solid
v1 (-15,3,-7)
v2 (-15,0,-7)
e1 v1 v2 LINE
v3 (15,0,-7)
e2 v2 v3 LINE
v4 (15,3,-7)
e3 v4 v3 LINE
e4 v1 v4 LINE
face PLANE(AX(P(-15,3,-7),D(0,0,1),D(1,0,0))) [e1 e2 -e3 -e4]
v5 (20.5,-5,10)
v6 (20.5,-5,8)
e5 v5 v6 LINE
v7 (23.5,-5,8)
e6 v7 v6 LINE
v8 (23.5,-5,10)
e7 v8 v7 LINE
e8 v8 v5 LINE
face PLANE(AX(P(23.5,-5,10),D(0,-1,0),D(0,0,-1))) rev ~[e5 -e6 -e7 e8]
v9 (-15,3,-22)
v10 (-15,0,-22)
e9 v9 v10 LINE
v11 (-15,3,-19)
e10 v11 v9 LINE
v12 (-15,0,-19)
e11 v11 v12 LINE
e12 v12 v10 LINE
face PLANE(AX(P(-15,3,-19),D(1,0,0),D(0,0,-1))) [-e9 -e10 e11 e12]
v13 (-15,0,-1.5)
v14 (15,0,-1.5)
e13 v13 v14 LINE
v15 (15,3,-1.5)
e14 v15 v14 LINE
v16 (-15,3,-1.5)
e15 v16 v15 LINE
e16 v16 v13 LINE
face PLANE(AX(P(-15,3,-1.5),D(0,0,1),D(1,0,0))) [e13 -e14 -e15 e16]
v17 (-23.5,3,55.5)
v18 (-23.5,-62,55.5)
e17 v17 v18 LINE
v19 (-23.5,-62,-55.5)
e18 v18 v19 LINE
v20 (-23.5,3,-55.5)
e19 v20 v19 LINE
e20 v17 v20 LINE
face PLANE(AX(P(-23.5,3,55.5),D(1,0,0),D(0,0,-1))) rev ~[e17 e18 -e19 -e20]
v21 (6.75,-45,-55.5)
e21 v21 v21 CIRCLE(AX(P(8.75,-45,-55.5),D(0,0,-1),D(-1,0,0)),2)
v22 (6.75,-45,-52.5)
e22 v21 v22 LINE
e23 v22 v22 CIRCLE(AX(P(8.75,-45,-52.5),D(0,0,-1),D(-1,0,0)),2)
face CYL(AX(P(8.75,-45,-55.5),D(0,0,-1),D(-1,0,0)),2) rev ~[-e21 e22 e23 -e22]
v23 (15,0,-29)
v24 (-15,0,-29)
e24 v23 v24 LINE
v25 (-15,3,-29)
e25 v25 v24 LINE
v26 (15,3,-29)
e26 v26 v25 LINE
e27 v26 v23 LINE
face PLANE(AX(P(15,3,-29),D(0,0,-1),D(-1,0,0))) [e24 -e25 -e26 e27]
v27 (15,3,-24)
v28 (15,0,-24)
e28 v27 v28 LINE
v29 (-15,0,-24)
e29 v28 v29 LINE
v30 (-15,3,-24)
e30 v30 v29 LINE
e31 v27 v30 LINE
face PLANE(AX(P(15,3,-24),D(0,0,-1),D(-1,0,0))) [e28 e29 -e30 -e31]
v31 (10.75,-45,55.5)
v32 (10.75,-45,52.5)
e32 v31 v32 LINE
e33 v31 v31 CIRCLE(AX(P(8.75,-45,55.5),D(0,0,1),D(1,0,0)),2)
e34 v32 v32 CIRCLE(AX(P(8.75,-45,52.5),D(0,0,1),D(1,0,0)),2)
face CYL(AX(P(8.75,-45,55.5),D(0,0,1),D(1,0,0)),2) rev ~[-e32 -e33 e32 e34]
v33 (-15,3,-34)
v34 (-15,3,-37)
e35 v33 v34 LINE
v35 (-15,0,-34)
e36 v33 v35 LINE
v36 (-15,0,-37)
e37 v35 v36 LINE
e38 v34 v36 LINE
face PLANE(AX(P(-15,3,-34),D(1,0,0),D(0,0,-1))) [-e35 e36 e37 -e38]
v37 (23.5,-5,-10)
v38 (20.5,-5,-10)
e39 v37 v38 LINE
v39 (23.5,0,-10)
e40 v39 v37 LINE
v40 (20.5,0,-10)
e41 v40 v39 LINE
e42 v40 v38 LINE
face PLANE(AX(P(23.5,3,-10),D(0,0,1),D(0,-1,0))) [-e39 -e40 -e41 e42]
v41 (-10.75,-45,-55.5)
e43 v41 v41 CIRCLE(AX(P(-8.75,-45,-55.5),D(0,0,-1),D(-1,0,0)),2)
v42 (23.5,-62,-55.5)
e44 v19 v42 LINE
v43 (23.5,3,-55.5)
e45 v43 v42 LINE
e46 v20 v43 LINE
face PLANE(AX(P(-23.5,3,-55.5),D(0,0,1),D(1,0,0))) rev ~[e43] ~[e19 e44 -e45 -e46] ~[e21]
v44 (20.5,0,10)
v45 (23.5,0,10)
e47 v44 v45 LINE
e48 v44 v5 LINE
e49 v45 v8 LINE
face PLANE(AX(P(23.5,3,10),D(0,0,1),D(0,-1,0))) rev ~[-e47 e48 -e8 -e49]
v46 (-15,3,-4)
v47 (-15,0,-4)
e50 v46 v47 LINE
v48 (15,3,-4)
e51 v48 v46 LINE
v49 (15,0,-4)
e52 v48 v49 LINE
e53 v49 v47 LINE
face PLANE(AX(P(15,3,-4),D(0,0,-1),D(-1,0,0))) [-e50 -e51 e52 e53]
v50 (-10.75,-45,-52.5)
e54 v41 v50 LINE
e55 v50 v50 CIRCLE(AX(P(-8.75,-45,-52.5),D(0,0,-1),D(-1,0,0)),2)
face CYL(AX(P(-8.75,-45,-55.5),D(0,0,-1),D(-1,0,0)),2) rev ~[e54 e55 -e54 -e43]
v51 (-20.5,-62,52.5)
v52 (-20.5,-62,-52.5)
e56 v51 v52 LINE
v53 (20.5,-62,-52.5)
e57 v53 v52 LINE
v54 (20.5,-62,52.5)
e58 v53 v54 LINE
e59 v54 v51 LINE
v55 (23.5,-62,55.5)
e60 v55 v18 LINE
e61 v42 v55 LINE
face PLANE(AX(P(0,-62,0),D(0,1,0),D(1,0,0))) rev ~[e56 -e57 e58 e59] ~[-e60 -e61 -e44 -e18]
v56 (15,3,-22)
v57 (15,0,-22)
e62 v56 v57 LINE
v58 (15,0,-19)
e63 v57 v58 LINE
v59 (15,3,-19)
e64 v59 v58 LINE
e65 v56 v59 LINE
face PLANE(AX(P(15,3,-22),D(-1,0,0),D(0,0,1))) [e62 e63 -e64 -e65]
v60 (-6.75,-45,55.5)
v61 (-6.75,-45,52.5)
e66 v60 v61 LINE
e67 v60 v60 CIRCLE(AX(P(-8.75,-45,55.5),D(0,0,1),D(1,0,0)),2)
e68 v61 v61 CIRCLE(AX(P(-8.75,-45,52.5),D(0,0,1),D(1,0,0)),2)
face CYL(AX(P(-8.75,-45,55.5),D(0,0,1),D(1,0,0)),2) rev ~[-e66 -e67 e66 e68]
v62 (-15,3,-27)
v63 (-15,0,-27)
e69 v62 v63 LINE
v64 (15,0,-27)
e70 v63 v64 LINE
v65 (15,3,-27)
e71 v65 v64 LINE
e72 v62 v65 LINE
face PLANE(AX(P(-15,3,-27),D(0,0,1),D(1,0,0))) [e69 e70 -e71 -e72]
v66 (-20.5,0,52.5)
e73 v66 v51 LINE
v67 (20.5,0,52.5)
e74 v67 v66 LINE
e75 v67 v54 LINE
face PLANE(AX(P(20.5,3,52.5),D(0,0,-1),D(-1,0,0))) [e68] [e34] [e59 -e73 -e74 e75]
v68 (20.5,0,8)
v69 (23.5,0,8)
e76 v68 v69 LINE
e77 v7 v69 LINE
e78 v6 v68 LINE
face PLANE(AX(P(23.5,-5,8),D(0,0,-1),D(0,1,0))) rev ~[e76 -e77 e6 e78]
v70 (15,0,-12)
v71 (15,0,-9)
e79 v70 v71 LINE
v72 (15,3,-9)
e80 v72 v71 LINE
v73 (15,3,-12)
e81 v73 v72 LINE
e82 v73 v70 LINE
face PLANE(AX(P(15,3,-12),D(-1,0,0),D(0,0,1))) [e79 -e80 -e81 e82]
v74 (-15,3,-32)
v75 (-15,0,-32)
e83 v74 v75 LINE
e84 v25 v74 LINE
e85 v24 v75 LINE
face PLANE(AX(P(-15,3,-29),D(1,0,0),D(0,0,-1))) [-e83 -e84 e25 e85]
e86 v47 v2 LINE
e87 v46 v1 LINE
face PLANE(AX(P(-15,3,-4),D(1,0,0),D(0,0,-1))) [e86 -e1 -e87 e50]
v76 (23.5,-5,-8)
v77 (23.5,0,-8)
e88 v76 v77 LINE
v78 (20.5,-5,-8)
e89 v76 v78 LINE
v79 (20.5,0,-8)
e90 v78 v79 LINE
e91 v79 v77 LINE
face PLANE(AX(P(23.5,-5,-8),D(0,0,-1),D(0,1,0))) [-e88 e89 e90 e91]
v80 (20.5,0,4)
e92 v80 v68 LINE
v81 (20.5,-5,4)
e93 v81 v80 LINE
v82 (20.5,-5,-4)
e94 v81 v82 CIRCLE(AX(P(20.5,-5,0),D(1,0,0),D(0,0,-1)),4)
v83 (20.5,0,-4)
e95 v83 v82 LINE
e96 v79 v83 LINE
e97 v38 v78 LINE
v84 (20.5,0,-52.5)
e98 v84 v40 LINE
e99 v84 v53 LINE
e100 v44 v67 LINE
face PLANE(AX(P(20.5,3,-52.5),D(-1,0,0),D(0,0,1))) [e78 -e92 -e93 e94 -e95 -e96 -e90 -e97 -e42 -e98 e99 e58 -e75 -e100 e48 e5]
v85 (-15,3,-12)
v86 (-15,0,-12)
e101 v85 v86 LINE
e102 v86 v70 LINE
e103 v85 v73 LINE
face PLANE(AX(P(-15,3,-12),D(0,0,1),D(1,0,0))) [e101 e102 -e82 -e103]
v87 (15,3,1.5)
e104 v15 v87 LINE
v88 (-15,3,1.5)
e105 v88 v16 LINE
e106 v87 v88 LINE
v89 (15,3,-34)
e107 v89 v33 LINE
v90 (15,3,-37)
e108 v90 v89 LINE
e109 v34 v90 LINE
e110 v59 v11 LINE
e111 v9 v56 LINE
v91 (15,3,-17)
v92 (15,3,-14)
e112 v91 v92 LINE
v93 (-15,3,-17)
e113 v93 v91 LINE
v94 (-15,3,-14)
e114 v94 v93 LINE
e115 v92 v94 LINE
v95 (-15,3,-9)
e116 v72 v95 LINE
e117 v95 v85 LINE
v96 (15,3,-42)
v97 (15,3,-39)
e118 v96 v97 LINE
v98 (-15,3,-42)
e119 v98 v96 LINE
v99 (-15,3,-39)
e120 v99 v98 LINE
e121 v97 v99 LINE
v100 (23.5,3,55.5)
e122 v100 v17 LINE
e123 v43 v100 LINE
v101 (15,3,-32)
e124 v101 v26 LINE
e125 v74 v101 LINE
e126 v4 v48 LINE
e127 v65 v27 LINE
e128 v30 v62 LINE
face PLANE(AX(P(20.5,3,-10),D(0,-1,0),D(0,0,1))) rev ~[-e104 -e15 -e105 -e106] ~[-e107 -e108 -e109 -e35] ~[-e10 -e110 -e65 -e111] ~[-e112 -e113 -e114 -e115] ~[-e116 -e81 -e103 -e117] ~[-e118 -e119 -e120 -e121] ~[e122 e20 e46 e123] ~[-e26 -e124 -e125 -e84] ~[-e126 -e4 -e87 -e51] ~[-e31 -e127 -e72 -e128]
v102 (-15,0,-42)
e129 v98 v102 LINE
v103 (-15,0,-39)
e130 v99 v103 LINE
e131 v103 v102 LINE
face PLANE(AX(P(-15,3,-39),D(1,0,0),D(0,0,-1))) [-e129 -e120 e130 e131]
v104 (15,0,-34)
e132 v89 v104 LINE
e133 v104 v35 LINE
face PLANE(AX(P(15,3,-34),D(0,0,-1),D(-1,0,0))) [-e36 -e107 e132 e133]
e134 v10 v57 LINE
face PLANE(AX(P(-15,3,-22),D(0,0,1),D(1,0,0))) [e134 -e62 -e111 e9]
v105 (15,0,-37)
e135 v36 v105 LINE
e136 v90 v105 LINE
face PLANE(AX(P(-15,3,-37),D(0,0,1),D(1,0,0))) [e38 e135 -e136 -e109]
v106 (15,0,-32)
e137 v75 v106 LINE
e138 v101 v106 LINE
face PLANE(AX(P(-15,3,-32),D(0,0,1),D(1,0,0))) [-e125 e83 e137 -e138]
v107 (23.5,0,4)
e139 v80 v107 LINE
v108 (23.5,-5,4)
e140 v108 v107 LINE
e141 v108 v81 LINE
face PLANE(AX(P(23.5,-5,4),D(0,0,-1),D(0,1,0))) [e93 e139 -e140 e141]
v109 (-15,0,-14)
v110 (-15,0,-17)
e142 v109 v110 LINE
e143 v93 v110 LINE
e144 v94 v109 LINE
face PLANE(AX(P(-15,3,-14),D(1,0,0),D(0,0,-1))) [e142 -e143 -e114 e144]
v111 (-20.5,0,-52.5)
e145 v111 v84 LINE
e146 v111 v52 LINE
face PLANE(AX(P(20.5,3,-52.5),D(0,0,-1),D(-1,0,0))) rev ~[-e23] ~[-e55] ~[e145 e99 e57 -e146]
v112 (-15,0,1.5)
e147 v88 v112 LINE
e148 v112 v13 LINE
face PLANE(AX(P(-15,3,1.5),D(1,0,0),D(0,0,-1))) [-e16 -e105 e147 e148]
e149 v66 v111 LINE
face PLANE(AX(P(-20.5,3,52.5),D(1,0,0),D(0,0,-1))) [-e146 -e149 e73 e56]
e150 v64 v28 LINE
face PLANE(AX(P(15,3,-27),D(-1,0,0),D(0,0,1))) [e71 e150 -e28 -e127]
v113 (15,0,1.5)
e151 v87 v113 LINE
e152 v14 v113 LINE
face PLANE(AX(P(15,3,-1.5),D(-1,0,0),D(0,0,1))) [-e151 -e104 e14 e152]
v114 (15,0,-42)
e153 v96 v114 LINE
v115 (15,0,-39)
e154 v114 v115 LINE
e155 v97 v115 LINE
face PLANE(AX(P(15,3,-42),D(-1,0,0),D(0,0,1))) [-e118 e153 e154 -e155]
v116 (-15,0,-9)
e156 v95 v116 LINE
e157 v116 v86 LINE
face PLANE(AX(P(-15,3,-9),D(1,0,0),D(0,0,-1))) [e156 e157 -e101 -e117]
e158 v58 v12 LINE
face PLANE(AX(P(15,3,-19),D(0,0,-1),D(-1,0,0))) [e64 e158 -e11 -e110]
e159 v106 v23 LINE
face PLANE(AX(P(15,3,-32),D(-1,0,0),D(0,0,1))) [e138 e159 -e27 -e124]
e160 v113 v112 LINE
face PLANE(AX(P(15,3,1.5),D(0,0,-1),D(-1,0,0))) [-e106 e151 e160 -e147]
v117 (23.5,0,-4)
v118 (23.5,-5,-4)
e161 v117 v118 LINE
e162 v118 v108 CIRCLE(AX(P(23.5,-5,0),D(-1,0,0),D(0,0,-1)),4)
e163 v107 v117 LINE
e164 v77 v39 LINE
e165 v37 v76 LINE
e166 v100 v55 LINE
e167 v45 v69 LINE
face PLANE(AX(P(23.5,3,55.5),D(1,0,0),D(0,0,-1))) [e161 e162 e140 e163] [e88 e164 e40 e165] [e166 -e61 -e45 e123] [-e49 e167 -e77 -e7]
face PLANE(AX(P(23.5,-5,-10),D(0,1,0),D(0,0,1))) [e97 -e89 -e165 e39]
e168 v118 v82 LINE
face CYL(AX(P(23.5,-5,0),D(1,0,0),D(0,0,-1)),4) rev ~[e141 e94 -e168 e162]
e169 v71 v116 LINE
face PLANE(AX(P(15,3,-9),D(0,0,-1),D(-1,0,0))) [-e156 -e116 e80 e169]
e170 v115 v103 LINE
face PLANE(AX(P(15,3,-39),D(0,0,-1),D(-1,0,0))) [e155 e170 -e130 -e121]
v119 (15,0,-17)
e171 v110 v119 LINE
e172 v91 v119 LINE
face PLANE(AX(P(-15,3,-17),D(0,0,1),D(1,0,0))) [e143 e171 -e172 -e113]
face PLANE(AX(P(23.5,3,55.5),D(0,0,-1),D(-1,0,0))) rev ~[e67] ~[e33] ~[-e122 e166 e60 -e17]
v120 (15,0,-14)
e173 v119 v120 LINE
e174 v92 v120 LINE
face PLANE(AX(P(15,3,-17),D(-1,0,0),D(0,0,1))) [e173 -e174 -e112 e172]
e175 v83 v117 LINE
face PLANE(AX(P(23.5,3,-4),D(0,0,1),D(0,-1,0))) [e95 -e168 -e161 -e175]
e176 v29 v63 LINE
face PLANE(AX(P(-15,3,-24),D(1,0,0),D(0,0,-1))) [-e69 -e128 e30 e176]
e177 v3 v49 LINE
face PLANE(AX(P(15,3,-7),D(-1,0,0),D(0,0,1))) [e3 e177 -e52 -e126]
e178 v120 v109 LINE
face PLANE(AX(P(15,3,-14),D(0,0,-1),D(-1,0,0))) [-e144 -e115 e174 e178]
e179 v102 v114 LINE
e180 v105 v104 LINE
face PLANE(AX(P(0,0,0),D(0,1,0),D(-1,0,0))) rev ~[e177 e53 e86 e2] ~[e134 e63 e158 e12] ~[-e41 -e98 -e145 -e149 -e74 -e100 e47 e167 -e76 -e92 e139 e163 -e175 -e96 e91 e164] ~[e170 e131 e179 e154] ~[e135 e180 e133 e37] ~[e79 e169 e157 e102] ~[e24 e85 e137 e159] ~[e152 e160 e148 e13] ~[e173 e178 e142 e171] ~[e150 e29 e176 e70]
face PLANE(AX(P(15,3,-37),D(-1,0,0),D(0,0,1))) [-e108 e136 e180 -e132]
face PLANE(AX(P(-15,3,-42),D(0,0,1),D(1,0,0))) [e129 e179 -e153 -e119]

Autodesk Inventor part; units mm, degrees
ref_plane "YZ Plane" through (0, 0, 0) normal (1, 0, 0) x (0, 1, 0)
ref_plane "XZ Plane" through (0, 0, 0) normal (0, 1, 0) x (-1, 0, 0)
ref_plane "XY Plane" through (0, 0, 0) normal (0, 0, 1) x (1, 0, 0)
sketch "Sketch1" plane through (0, 0, 0) normal (0, 1, 0) x (-1, 0, 0)
  line L0 (-20.5, 52.5) -> (20.5, 52.5)
  line L1 (20.5, 52.5) -> (20.5, -52.5)
  line L2 (20.5, -52.5) -> (-20.5, -52.5)
  line L3 (-20.5, -52.5) -> (-20.5, 52.5)
  line L4 (-20.5, 52.5) -> (20.5, -52.5) construction
  line L5 (20.5, 52.5) -> (-20.5, -52.5) construction
  line L6 (-23.5, 55.5) -> (23.5, 55.5)
  line L7 (23.5, 55.5) -> (23.5, -55.5)
  line L8 (23.5, -55.5) -> (-23.5, -55.5)
  line L9 (-23.5, -55.5) -> (-23.5, 55.5)
  line L10 (-23.5, 55.5) -> (23.5, -55.5) construction
  line L11 (23.5, 55.5) -> (-23.5, -55.5) construction
  point P0 (0, 0)
  dimension "d0" = 41
  dimension "d1" = 105
  dimension "d4" = 47
  dimension "d5" = 111
extrude "Extrusion1" add sketch "Sketch1" along normal blind 3 contours L0 L1 L2 L3
sketch "Sketch3" plane through (0, 3, 0) normal (0, 1, 0) x (1, 0, 0)
  line L0 (23.5, -55.5) -> (-23.5, -55.5)
  line L1 (-23.5, -55.5) -> (-23.5, 55.5)
  line L2 (-23.5, 55.5) -> (23.5, 55.5)
  line L3 (23.5, 55.5) -> (23.5, -55.5)
  line L4 (23.5, -55.5) -> (-23.5, 55.5) construction
  line L5 (-23.5, -55.5) -> (23.5, 55.5) construction
  line L6 (20.5, 52.5) -> (-20.5, 52.5) projected
  line L7 (20.5, -52.5) -> (-20.5, -52.5)
  line L8 (-20.5, -52.5) -> (-20.5, 52.5)
  line L9 (-20.5, 52.5) -> (20.5, 52.5)
  line L10 (20.5, 52.5) -> (20.5, -52.5)
  line L11 (20.5, -52.5) -> (-20.5, 52.5) construction
  line L12 (-20.5, -52.5) -> (20.5, 52.5) construction
  point P0 (0, 0)
  dimension "d6" = 47
  dimension "d7" = 111
extrude "Extrusion3" add sketch "Sketch3" against normal blind 65
sketch "Sketch4" plane through (23.5, 3, -55.5) normal (0, 0, -1) x (-1, 0, 0)
  line L0 (0, 0) -> (23.5, 0) construction
  line L1 (23.5, 0) -> (23.5, -48) construction
  line L2 (23.5, -48) -> (14.75, -48) construction
  line L3 (23.5, -48) -> (32.25, -48) construction
  circle A0 centre (14.75, -48) radius 2
  circle A1 centre (32.25, -48) radius 2
  point P0 (23.5, -3)
  dimension "d12" = 23.5
  dimension "d13" = 48
  dimension "d14" = 8.75
  dimension "d15" = 8.75
  dimension "d16" = 4
  dimension "d17" = 4
extrude "Extrusion4" cut sketch "Sketch4" against normal blind 3
sketch "Sketch5" plane through (-23.5, 3, 55.5) normal (0, 0, 1) x (1, 0, 0)
  line L0 (47, 0) -> (47, -65) construction
  line L1 (47, 0) -> (23.5, 0) construction
  line L2 (0, 0) -> (47, 0) construction
  line L3 (23.5, 0) -> (23.5, -48) construction
  line L4 (23.5, 0) -> (71.5, 0) construction
  circle A0 centre (32.25, -48) radius 2 projected
  line L5 (23.5, -48) -> (32.25, -48) construction
  circle A1 centre (14.75, -48) radius 2 projected
  line L6 (23.5, -48) -> (14.75, -48) construction
  circle A2 centre (32.25, -48) radius 2 construction
  circle A3 centre (14.75, -48) radius 2 construction
  point P0 (23.5, -3)
  dimension "d20" = 23.5
  dimension "d21" = 48
  dimension "d22" = 90
extrude "Extrusion5" cut sketch "Sketch5" against normal blind 3
sketch "Sketch6" plane through (23.5, 3, 55.5) normal (1, 0, 0) x (0, 0, -1)
  line L0 (111, 0) -> (111, -65) construction
  line L1 (111, 0) -> (55.5, 0) construction
  line L2 (111, 0) -> (0, 0) construction
  line L3 (55.5, 0) -> (51.5, 0) construction
  line L4 (51.5, 0) -> (59.5, 0)
  line L5 (59.5, 0) -> (59.5, -8)
  line L6 (59.5, -8) -> (51.5, -8)
  line L7 (51.5, -8) -> (51.5, 0)
  line L8 (51.5, 0) -> (47.5, 0)
  line L9 (47.5, 0) -> (45.5, 0)
  line L10 (45.5, 0) -> (45.5, -8)
  line L11 (45.5, -8) -> (47.5, -8)
  line L12 (47.5, -8) -> (47.5, 0)
  line L13 (59.5, 0) -> (63.5, 0)
  line L14 (63.5, 0) -> (65.5, 0)
  line L15 (65.5, 0) -> (65.5, -8)
  line L16 (65.5, -8) -> (63.5, -8)
  line L17 (63.5, -8) -> (63.5, 0)
  point P0 (55.5, -3)
  dimension "d25" = 55.5
  dimension "d26" = 4
  dimension "d27" = 8
  dimension "d28" = 8
  dimension "d29" = 4
  dimension "d30" = 2
  dimension "d31" = 4
  dimension "d32" = 2
  dimension "d33" = 8
extrude "Extrusion6" cut sketch "Sketch6" against normal blind 3
sketch "Sketch7" plane through (20.5, 3, 55.5) normal (1, 0, 0) x (0, 0, -1)
  point P0 (55.5, -3)
sketch "Sketch8" plane through (20.5, 3, 55.5) normal (1, 0, 0) x (0, 0, -1)
  line L0 (65.5, 0) -> (65.5, -3) projected
  line L1 (63.5, -3) -> (59.5, -3) projected
  line L2 (65.5, 0) -> (63.5, 0)
  line L3 (63.5, 0) -> (63.5, -3)
  line L4 (63.5, -3) -> (65.5, -3)
  line L5 (65.5, -3) -> (65.5, 0)
  line L6 (51.5, 0) -> (59.5, 0) projected
  line L7 (51.5, -3) -> (51.5, 0) projected
  line L8 (59.5, 0) -> (51.5, 0)
  line L9 (51.5, 0) -> (51.5, -3)
  line L10 (51.5, -3) -> (59.5, -3)
  line L11 (59.5, -3) -> (59.5, 0)
  line L12 (51.5, 0) -> (47.5, 0) projected
  line L13 (45.5, -8) -> (45.5, 0) projected
  line L14 (47.5, 0) -> (45.5, 0)
  line L15 (45.5, 0) -> (45.5, -3)
  line L16 (45.5, -3) -> (47.5, -3)
  line L17 (47.5, -3) -> (47.5, 0)
  point P0 (55.5, -3)
extrude "Extrusion7" add sketch "Sketch8" along normal blind 3
sketch "Sketch9" plane through (23.5, 3, 55.5) normal (1, 0, 0) x (0, 0, -1)
  line L0 (59.5, -8) -> (51.5, -8) projected
  circle A0 centre (55.5, -8) radius 4
  point P0 (55.5, -3)
  dimension "d38" = 8
extrude "Extrusion8" cut sketch "Sketch9" against normal blind 3
sketch "Sketch10" plane through (0, 3, 0) normal (0, 1, 0) x (1, 0, 0)
  line L0 (-23.5, 55.5) -> (23.5, 55.5) projected
  line L1 (0, 55.5) -> (0, 40.5) construction
  line L2 (0, 40.5) -> (0, 35.5) construction
  line L3 (0, 35.5) -> (0, 30.5) construction
  line L4 (0, 30.5) -> (0, 25.5) construction
  line L5 (0, 25.5) -> (0, 20.5) construction
  line L6 (0, 20.5) -> (0, 15.5) construction
  line L7 (0, 15.5) -> (0, 10.5) construction
  line L8 (0, 10.5) -> (0, 5.5) construction
  line L9 (0, 5.5) -> (0, 0.5) construction
  line L10 (-15, 1.5) -> (15, 1.5)
  line L11 (15, 1.5) -> (15, -1.5)
  line L12 (15, -1.5) -> (-15, -1.5)
  line L13 (-15, -1.5) -> (-15, 1.5)
  line L14 (-15, 1.5) -> (15, -1.5) construction
  line L15 (15, 1.5) -> (-15, -1.5) construction
  line L16 (-15, 7) -> (15, 7)
  line L17 (15, 7) -> (15, 4)
  line L18 (15, 4) -> (-15, 4)
  line L19 (-15, 4) -> (-15, 7)
  line L20 (-15, 7) -> (15, 4) construction
  line L21 (15, 7) -> (-15, 4) construction
  line L22 (-15, 12) -> (15, 12)
  line L23 (15, 12) -> (15, 9)
  line L24 (15, 9) -> (-15, 9)
  line L25 (-15, 9) -> (-15, 12)
  line L26 (-15, 12) -> (15, 9) construction
  line L27 (15, 12) -> (-15, 9) construction
  line L28 (-15, 17) -> (15, 17)
  line L29 (15, 17) -> (15, 14)
  line L30 (15, 14) -> (-15, 14)
  line L31 (-15, 14) -> (-15, 17)
  line L32 (-15, 17) -> (15, 14) construction
  line L33 (15, 17) -> (-15, 14) construction
  line L34 (-15, 22) -> (15, 22)
  line L35 (15, 22) -> (15, 19)
  line L36 (15, 19) -> (-15, 19)
  line L37 (-15, 19) -> (-15, 22)
  line L38 (-15, 22) -> (15, 19) construction
  line L39 (15, 22) -> (-15, 19) construction
  line L40 (-15, 27) -> (15, 27)
  line L41 (15, 27) -> (15, 24)
  line L42 (15, 24) -> (-15, 24)
  line L43 (-15, 24) -> (-15, 27)
  line L44 (-15, 27) -> (15, 24) construction
  line L45 (15, 27) -> (-15, 24) construction
  line L46 (-15, 32) -> (15, 32)
  line L47 (15, 32) -> (15, 29)
  line L48 (15, 29) -> (-15, 29)
  line L49 (-15, 29) -> (-15, 32)
  line L50 (-15, 32) -> (15, 29) construction
  line L51 (15, 32) -> (-15, 29) construction
  line L52 (-15, 37) -> (15, 37)
  line L53 (15, 37) -> (15, 34)
  line L54 (15, 34) -> (-15, 34)
  line L55 (-15, 34) -> (-15, 37)
  line L56 (-15, 37) -> (15, 34) construction
  line L57 (15, 37) -> (-15, 34) construction
  line L58 (-15, 42) -> (15, 42)
  line L59 (15, 42) -> (15, 39)
  line L60 (15, 39) -> (-15, 39)
  line L61 (-15, 39) -> (-15, 42)
  line L62 (-15, 42) -> (15, 39) construction
  line L63 (15, 42) -> (-15, 39) construction
  point P0 (0, 0)
  dimension "d41" = 15
  dimension "d42" = 5
  dimension "d43" = 5
  dimension "d44" = 5
  dimension "d45" = 5
  dimension "d46" = 5
  dimension "d47" = 5
  dimension "d48" = 5
  dimension "d49" = 5
  dimension "d50" = 30
  dimension "d51" = 3
  dimension "d52" = 30
  dimension "d53" = 3
  dimension "d54" = 30
  dimension "d55" = 3
  dimension "d56" = 30
  dimension "d57" = 3
  dimension "d58" = 30
  dimension "d59" = 3
  dimension "d60" = 30
  dimension "d61" = 3
  dimension "d62" = 30
  dimension "d63" = 3
  dimension "d64" = 30
  dimension "d65" = 3
  dimension "d66" = 30
  dimension "d67" = 3
extrude "Extrusion9" cut sketch "Sketch10" against normal blind 3
properties part number "netzteil_case"
